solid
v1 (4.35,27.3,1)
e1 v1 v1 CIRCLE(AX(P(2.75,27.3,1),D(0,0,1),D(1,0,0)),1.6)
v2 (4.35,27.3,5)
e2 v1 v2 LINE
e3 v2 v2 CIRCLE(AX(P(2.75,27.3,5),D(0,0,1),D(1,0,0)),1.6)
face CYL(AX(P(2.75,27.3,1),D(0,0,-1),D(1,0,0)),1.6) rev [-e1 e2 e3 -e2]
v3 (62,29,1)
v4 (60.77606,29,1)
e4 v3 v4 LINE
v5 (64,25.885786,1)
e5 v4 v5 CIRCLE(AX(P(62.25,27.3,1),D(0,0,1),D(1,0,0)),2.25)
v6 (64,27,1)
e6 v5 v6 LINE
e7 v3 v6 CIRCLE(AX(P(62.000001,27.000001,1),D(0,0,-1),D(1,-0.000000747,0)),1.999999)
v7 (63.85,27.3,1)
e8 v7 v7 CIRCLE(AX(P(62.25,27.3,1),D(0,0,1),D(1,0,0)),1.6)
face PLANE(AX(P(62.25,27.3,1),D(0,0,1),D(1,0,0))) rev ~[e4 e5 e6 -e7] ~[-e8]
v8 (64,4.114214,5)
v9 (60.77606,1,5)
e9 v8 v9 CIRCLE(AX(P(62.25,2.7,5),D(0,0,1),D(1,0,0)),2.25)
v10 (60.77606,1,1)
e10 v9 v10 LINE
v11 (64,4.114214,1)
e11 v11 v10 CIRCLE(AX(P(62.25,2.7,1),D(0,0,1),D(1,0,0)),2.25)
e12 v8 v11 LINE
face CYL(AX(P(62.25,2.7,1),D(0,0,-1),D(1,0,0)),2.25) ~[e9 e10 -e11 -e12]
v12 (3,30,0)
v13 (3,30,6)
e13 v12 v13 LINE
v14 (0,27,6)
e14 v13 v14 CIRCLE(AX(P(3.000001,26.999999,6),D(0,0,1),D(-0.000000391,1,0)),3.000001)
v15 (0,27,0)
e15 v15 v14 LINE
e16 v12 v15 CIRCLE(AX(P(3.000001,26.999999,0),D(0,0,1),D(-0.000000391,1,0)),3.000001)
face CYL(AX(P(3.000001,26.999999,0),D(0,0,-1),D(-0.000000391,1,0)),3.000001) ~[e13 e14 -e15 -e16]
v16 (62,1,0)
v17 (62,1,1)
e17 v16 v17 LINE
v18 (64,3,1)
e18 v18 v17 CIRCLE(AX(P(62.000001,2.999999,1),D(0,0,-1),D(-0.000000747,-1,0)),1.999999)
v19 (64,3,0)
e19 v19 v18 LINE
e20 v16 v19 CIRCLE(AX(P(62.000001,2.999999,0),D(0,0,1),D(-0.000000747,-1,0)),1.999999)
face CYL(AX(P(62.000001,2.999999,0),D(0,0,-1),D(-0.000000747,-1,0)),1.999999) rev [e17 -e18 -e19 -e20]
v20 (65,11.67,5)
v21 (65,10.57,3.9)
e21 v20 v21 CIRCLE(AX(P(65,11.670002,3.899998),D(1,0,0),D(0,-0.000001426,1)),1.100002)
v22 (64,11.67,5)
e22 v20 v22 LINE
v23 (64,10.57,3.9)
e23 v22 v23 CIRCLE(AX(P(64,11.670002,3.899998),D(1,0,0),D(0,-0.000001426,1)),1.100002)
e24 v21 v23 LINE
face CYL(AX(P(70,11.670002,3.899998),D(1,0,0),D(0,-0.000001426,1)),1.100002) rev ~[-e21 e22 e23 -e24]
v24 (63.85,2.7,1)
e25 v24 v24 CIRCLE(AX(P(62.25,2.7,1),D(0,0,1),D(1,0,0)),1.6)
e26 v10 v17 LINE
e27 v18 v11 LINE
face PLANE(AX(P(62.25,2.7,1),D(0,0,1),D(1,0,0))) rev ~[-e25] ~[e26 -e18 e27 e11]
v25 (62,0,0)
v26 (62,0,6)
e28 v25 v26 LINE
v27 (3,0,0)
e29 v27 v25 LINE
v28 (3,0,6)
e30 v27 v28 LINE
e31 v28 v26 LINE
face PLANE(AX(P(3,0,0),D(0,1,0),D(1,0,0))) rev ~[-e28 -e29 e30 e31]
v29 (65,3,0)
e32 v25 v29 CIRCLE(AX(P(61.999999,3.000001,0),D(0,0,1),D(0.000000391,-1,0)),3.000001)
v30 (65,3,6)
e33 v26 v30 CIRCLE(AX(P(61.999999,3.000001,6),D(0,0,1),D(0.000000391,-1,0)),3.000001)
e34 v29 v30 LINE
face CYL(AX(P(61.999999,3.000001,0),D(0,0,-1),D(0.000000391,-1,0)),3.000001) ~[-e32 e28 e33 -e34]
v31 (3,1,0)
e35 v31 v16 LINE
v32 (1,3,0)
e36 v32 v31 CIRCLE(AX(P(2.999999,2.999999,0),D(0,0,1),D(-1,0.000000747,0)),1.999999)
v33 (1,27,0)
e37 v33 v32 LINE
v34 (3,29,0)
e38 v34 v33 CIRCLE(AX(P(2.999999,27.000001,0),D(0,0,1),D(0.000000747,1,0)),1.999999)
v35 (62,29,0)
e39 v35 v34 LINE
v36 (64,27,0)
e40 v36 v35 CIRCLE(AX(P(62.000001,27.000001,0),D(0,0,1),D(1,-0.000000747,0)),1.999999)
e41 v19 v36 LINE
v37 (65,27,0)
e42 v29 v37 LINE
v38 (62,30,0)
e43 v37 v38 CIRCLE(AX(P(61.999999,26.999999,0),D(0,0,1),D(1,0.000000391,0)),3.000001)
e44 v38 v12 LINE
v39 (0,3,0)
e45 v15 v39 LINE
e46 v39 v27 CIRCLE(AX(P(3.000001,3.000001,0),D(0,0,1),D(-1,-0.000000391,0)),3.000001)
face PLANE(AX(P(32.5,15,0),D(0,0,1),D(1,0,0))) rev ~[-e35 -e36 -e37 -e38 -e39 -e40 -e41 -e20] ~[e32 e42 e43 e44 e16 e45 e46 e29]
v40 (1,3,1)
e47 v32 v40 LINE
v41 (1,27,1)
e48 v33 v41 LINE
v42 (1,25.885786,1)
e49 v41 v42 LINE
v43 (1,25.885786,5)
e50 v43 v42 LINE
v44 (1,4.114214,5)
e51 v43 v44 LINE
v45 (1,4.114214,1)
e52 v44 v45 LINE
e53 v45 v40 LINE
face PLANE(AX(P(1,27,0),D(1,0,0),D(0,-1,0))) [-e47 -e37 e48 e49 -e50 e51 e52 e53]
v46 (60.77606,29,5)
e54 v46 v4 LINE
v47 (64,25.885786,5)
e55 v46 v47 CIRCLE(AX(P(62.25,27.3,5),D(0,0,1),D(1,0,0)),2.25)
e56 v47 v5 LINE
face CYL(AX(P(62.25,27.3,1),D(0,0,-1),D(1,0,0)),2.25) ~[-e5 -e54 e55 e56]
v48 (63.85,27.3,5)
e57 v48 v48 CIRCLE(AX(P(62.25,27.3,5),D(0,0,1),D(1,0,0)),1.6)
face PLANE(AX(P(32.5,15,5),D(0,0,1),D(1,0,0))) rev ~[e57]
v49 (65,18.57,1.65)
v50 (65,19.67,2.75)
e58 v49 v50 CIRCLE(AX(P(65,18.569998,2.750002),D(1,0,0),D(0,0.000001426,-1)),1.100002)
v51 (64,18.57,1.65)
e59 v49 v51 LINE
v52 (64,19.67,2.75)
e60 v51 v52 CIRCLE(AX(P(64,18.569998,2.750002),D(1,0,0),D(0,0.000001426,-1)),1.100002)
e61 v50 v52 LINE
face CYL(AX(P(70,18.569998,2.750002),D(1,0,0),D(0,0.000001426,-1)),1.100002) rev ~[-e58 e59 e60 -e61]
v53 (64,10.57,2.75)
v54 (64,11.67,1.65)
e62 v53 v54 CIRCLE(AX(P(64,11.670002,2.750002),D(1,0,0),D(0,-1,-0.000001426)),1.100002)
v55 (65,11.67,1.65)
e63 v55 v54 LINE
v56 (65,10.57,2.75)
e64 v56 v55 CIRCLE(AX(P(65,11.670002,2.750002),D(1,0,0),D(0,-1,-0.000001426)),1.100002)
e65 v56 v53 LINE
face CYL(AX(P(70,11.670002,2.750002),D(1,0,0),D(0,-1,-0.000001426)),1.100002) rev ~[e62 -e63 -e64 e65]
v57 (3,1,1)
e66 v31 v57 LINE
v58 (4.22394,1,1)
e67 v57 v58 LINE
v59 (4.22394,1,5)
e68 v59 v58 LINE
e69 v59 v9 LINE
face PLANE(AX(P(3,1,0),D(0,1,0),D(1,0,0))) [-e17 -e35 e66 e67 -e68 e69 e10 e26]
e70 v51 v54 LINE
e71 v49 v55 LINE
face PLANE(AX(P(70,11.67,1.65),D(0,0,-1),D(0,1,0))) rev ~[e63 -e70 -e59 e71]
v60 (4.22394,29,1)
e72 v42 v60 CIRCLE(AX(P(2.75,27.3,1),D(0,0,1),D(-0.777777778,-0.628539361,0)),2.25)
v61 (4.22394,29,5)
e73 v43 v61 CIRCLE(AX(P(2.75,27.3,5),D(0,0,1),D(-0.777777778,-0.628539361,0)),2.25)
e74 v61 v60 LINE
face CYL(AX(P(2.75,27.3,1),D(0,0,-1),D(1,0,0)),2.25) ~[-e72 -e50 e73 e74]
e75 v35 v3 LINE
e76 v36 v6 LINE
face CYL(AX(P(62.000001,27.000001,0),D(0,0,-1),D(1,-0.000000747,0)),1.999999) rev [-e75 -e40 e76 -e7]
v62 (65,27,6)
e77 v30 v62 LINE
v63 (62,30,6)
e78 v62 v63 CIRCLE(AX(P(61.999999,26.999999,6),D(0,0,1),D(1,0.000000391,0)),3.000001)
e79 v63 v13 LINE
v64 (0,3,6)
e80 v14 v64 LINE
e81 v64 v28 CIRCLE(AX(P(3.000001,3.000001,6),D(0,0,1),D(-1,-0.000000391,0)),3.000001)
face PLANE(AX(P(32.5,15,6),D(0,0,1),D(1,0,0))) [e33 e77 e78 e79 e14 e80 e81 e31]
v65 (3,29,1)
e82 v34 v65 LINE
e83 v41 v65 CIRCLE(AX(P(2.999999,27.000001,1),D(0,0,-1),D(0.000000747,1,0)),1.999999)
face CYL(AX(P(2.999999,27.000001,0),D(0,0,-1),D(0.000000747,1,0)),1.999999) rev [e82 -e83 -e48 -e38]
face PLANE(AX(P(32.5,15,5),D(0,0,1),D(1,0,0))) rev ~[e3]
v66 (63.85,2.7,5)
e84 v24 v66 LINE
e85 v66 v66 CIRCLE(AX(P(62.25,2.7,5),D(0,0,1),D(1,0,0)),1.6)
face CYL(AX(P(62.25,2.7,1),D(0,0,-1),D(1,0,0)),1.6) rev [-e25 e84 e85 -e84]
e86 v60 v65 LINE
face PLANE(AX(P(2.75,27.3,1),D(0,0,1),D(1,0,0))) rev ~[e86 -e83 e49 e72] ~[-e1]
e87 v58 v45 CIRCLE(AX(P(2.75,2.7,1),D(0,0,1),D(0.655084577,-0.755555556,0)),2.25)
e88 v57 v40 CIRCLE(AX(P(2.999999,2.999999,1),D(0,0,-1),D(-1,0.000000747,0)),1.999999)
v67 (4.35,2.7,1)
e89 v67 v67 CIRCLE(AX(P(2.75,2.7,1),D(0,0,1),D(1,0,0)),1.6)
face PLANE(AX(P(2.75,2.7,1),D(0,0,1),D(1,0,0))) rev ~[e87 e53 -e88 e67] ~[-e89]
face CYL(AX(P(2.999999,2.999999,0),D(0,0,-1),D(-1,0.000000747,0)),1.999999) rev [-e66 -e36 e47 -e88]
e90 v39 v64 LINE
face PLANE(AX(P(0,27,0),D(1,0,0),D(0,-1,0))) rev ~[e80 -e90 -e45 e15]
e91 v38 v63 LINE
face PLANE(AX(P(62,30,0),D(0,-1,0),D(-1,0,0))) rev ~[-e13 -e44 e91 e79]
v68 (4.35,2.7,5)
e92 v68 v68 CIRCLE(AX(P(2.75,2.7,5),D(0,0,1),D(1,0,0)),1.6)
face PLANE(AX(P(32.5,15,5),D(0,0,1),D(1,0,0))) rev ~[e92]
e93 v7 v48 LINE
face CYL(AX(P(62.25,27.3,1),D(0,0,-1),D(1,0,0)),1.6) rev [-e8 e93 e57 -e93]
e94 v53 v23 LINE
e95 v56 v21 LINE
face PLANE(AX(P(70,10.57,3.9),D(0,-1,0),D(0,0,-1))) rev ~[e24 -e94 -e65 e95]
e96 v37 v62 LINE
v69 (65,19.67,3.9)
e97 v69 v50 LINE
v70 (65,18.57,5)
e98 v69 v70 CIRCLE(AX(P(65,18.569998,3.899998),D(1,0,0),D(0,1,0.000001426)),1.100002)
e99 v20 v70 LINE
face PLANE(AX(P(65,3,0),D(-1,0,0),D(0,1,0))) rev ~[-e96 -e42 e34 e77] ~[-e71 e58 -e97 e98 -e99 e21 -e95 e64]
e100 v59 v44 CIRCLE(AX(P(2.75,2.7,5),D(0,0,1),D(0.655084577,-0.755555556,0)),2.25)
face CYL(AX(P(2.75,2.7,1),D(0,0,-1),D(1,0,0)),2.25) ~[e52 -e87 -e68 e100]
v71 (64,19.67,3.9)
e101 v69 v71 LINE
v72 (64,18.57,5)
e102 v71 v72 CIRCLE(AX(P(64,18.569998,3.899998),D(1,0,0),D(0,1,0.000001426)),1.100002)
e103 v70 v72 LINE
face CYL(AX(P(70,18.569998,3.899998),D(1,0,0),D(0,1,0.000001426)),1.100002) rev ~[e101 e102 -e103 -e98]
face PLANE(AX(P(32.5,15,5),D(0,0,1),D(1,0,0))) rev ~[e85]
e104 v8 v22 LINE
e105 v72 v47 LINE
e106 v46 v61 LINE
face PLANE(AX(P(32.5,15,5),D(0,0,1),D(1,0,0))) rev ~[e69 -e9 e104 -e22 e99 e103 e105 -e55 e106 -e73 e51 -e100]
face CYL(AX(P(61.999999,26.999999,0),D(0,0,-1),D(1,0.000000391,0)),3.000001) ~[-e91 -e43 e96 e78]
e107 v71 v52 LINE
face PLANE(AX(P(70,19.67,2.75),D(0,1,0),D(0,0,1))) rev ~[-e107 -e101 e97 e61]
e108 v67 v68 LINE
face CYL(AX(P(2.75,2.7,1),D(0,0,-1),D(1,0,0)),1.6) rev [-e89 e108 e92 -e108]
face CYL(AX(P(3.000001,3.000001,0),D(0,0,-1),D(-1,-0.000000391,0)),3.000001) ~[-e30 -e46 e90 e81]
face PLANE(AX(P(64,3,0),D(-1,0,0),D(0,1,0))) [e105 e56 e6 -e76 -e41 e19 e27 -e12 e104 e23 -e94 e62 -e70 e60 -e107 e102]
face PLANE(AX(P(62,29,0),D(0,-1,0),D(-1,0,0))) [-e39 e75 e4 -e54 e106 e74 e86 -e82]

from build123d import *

# Parameters (mm, degrees)
PAD_DEPTH       = 6
POCKET_DEPTH    = 5
SKETCH002_R     = 2.25
SKETCH002_R_2   = 1.6
PAD001_DEPTH    = 4
POCKET001_DEPTH = 10


with BuildPart() as part:
    # Sketch → Pad (new body)
    with BuildSketch(Plane.XY):
        with BuildLine():
            Line((3, 0), (62, 0))
            ThreePointArc((62, 0), (64.12132, 0.87868), (65, 3))
            Line((65, 3), (65, 27))
            ThreePointArc((65, 27), (64.12132, 29.12132), (62, 30))
            Line((62, 30), (3, 30))
            ThreePointArc((3, 30), (0.87868, 29.12132), (0, 27))
            Line((0, 27), (0, 3))
            ThreePointArc((0, 3), (0.87868, 0.87868), (3, 0))
        make_face()
    extrude(amount=PAD_DEPTH)

    # Sketch001 → Pocket (cut)
    with BuildSketch(Plane.XY):
        with BuildLine():
            Line((1, 27), (1, 3))
            ThreePointArc((1, 3), (1.585786, 1.585786), (3, 1))
            Line((3, 1), (62, 1))
            ThreePointArc((62, 1), (63.414214, 1.585786), (64, 3))
            Line((64, 3), (64, 27))
            ThreePointArc((64, 27), (63.414214, 28.414214), (62, 29))
            Line((62, 29), (3, 29))
            ThreePointArc((3, 29), (1.585786, 28.414214), (1, 27))
        make_face()
    extrude(amount=POCKET_DEPTH, mode=Mode.SUBTRACT)

    # Sketch002 → Pad001 (join)
    with BuildSketch(Plane.XY.offset(1)):
        with Locations((62.25, 27.3)):
            Circle(SKETCH002_R)
        with Locations((62.25, 27.3)):
            Circle(SKETCH002_R_2, mode=Mode.SUBTRACT)
        with Locations((2.75, 27.3)):
            Circle(SKETCH002_R)
        with Locations((2.75, 27.3)):
            Circle(SKETCH002_R_2, mode=Mode.SUBTRACT)
        with Locations((2.75, 2.7)):
            Circle(SKETCH002_R)
        with Locations((2.75, 2.7)):
            Circle(SKETCH002_R_2, mode=Mode.SUBTRACT)
        with Locations((62.25, 2.7)):
            Circle(SKETCH002_R)
        with Locations((62.25, 2.7)):
            Circle(SKETCH002_R_2, mode=Mode.SUBTRACT)
    extrude(amount=PAD001_DEPTH)

    # Sketch003 → Pocket001 (cut)
    with BuildSketch(Plane.YZ.offset(70)):
        with BuildLine():
            Line((10.57, 3.9), (10.57, 2.75))
            ThreePointArc((10.57, 2.75), (10.892183, 1.972183), (11.67, 1.65))
            Line((11.67, 1.65), (18.57, 1.65))
            ThreePointArc((18.57, 1.65), (19.347817, 1.972183), (19.67, 2.75))
            Line((19.67, 2.75), (19.67, 3.9))
            ThreePointArc((19.67, 3.9), (19.347817, 4.677817), (18.57, 5))
            Line((18.57, 5), (11.67, 5))
            ThreePointArc((11.67, 5), (10.892183, 4.677817), (10.57, 3.9))
        make_face()
    extrude(amount=-POCKET001_DEPTH, mode=Mode.SUBTRACT)


solid = part.part
